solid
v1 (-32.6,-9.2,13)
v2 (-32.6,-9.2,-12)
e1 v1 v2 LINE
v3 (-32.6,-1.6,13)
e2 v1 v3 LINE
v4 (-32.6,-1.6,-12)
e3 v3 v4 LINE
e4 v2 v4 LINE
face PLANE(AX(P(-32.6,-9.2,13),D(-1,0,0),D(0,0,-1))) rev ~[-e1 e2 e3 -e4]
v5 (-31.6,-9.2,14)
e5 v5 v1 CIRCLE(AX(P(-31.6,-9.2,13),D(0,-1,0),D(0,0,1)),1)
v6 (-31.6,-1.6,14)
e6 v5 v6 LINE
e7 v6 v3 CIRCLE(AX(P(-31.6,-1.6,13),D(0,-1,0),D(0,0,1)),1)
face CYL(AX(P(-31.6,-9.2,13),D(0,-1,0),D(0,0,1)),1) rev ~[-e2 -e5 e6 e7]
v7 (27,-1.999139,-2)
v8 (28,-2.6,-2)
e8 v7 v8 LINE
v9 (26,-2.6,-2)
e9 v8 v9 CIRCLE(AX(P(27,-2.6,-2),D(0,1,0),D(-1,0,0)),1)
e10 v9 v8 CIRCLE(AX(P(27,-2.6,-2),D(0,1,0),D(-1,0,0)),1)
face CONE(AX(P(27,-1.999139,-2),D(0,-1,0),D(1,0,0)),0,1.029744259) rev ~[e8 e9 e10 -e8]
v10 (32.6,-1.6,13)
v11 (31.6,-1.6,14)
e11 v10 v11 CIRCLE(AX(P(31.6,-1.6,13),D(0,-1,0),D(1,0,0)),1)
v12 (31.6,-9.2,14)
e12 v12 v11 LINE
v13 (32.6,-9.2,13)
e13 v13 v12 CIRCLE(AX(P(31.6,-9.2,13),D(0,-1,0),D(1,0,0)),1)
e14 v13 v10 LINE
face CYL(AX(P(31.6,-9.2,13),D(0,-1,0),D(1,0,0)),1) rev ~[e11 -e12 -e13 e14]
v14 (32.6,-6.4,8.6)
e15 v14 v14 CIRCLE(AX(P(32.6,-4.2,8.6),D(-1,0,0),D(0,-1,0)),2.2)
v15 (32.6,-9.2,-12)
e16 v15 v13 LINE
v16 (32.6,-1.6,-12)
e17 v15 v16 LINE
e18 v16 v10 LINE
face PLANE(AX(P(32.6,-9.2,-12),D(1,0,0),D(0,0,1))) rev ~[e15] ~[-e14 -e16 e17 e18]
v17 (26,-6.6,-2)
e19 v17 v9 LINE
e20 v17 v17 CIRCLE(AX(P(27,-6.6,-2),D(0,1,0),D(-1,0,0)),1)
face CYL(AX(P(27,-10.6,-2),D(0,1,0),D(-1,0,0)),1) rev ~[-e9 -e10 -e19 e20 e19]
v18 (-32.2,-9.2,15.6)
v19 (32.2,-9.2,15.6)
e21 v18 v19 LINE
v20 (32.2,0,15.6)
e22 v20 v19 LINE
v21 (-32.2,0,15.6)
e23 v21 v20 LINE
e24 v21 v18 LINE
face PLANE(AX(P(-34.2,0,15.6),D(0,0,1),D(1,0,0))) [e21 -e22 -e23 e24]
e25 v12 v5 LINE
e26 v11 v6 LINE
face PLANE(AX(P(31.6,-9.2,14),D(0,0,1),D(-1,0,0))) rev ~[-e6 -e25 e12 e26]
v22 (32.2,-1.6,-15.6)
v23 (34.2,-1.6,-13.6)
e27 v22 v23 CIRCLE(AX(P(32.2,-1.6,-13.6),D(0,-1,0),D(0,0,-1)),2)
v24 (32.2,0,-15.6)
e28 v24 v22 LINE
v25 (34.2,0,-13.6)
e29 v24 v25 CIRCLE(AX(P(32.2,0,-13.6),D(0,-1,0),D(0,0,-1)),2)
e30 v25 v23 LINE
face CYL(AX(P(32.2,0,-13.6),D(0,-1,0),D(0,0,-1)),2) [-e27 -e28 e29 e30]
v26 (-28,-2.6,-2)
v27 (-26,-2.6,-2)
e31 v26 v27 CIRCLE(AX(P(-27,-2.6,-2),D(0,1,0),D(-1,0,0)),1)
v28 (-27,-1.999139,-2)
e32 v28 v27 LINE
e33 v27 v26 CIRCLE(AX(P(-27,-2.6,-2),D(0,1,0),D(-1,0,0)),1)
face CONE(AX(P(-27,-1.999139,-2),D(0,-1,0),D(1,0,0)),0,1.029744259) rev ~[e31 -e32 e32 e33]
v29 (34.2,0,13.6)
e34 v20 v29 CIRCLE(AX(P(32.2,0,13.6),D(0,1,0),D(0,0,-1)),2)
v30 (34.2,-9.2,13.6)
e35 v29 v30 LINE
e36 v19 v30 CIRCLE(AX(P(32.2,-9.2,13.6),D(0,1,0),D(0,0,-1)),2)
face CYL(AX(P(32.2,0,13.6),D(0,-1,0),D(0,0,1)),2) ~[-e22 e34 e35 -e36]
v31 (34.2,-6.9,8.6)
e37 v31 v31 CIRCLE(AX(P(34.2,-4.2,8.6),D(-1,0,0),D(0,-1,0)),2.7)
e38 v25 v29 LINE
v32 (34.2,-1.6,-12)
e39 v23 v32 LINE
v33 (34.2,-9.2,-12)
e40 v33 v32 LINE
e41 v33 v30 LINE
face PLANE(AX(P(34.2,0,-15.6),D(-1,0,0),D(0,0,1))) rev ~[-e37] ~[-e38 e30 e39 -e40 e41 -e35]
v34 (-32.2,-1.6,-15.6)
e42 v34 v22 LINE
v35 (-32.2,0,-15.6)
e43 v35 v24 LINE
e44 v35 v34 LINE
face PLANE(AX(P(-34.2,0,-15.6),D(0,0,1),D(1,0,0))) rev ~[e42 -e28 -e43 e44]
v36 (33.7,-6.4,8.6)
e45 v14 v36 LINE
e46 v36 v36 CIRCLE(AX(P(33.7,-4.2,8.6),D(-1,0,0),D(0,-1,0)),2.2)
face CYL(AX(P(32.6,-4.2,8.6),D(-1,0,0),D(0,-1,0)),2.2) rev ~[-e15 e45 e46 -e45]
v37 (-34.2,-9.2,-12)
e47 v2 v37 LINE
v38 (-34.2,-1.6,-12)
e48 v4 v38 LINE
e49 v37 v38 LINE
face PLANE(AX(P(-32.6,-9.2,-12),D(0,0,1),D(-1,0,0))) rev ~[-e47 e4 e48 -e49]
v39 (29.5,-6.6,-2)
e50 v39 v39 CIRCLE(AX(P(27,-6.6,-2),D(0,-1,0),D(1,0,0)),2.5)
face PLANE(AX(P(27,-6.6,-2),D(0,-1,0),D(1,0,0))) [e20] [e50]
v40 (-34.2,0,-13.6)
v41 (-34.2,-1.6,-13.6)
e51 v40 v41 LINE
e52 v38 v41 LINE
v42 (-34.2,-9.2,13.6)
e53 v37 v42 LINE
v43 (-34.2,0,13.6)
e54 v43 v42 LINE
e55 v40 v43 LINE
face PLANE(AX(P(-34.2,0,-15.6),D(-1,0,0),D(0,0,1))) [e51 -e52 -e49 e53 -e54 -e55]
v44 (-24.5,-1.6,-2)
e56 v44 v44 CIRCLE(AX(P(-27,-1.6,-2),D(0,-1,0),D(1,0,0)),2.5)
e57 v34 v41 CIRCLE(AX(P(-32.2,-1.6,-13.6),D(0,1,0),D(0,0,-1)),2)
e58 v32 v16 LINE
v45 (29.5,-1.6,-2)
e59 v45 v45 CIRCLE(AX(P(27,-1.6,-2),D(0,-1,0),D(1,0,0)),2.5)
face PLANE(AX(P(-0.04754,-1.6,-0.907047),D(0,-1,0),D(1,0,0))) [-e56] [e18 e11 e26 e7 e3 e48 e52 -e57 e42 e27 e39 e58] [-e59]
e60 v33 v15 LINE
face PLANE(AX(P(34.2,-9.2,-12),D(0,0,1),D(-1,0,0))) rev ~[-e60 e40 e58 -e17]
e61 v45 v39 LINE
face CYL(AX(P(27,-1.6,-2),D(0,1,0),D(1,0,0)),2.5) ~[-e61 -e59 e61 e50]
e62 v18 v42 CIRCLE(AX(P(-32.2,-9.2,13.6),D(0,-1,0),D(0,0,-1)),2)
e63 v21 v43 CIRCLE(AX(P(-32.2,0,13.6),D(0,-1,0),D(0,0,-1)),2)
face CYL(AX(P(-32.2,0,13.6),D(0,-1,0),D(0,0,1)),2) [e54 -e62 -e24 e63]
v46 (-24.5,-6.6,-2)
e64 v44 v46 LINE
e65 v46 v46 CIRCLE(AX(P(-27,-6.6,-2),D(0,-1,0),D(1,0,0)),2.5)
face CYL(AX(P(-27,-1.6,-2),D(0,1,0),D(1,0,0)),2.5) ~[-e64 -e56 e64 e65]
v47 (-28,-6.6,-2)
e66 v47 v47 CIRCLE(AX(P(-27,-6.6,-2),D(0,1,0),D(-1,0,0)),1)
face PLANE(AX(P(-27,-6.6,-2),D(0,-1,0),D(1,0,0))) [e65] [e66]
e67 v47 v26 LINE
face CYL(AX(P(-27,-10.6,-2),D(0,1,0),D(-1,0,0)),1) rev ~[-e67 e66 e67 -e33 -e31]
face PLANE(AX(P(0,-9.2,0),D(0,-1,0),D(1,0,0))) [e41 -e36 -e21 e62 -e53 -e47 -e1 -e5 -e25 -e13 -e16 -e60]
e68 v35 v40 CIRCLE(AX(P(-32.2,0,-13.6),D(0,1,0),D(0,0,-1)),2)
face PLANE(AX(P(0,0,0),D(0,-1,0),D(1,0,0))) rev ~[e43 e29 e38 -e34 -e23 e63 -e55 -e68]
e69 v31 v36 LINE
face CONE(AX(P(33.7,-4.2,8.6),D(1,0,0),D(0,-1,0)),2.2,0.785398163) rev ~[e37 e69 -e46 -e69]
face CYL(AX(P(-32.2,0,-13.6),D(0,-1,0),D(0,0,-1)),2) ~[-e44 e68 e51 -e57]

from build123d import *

# Parameters (mm, degrees)
F0_W      = 68.4
F0_H      = 31.2
F1_DEPTH  = 9.2
F3_DEPTH  = 7.6
F4_R      = 2
F5_R      = 2
F6_R      = 2
F7_R      = 2.5
F8_DEPTH  = 5
F10_D     = 2
F10_DEPTH = 4
F10_TIP   = 0.600860619
F12_D     = 2
F12_DEPTH = 4
F12_TIP   = 0.600860619
F13_R     = 2.2
F14_DEPTH = 1.601
F15_SIZE  = 0.5


with BuildPart() as f1:
    # F0 (on Front) → F1 (new body)
    with BuildSketch(Plane.XZ):
        Rectangle(F0_W, F0_H)
    extrude(amount=F1_DEPTH)

    # F2 (on face) → F3 (cut)
    with BuildSketch(Plane.XZ.offset(9.2)):
        with BuildLine():
            ThreePointArc((32.6, 13), (30.8928932188, 12.2928932188), (31.6, 14))
            Line((31.6, 14), (-31.6, 14))
            ThreePointArc((-31.6, 14), (-30.8928932188, 13.7071067812), (-30.6, 13))
            ThreePointArc((-30.6, 13), (-31.6, 12), (-32.6, 13))
            Line((-32.6, 13), (-32.6, -12))
            Line((-32.6, -12), (-34.2, -12))
            Line((-34.2, -12), (-34.2, -15.6))
            Line((-34.2, -15.6), (34.2, -15.6))
            Line((34.2, -15.6), (34.2, -12))
            Line((34.2, -12), (32.6, -12))
            Line((32.6, -12), (32.6, 13))
        make_face()
        with BuildLine():
            ThreePointArc((32.6, 13), (32.3071067812, 13.7071067812), (31.6, 14))
            ThreePointArc((31.6, 14), (30.8928932188, 12.2928932188), (32.6, 13))
        make_face()
        with BuildLine():
            ThreePointArc((-30.6, 13), (-30.8928932188, 13.7071067812), (-31.6, 14))
            ThreePointArc((-31.6, 14), (-32.3071067812, 13.7071067812), (-32.6, 13))
            ThreePointArc((-32.6, 13), (-31.6, 12), (-30.6, 13))
        make_face()
    extrude(amount=-F3_DEPTH, mode=Mode.SUBTRACT)

    # F4
    f4_edges = [f1.edges().sort_by_distance(p)[0] for p in [
        (34.2, -4.6, 15.6),
    ]]
    fillet(f4_edges, radius=F4_R)

    # F5
    f5_edges = [f1.edges().sort_by_distance(p)[0] for p in [
        (-34.2, -4.6, 15.6),
        (-34.2, -0.8, -15.6),
    ]]
    fillet(f5_edges, radius=F5_R)

    # F6
    f6_edges = [f1.edges().sort_by_distance(p)[0] for p in [
        (34.2, -0.8, -15.6),
    ]]
    fillet(f6_edges, radius=F6_R)

    # F7 (on face) → F8 (join)
    with BuildSketch(Plane.XZ.offset(1.6)):
        with Locations((-27, -2)):
            Circle(F7_R)
        with Locations((27, -2)):
            Circle(F7_R)
    extrude(amount=F8_DEPTH)

    # F10
    with Locations(Plane.XZ.offset(6.6)):
        with Locations((-27, -2)):
            Hole(F10_D / 2, depth=F10_DEPTH)
            with Locations((0, 0, -(F10_DEPTH + F10_TIP / 2))):  # 118° drill point
                Cone(0, F10_D / 2, F10_TIP, mode=Mode.SUBTRACT)

    # F12
    with Locations(Plane.XZ.offset(6.6)):
        with Locations((27, -2)):
            Hole(F12_D / 2, depth=F12_DEPTH)
            with Locations((0, 0, -(F12_DEPTH + F12_TIP / 2))):  # 118° drill point
                Cone(0, F12_D / 2, F12_TIP, mode=Mode.SUBTRACT)

    # F13 (on face) → F14 (cut, through all)
    with BuildSketch(Plane(origin=(32.6, 0, 0), x_dir=(0, -1, 0), z_dir=(-1, 0, 0))):
        with Locations((4.2, 8.6)):
            Circle(F13_R)
    extrude(amount=-F14_DEPTH, mode=Mode.SUBTRACT)

    # F15
    f15_edges = [f1.edges().sort_by_distance(p)[0] for p in [
        (34.2, -2, 8.6),
    ]]
    chamfer(f15_edges, length=F15_SIZE)


solid = f1.part
